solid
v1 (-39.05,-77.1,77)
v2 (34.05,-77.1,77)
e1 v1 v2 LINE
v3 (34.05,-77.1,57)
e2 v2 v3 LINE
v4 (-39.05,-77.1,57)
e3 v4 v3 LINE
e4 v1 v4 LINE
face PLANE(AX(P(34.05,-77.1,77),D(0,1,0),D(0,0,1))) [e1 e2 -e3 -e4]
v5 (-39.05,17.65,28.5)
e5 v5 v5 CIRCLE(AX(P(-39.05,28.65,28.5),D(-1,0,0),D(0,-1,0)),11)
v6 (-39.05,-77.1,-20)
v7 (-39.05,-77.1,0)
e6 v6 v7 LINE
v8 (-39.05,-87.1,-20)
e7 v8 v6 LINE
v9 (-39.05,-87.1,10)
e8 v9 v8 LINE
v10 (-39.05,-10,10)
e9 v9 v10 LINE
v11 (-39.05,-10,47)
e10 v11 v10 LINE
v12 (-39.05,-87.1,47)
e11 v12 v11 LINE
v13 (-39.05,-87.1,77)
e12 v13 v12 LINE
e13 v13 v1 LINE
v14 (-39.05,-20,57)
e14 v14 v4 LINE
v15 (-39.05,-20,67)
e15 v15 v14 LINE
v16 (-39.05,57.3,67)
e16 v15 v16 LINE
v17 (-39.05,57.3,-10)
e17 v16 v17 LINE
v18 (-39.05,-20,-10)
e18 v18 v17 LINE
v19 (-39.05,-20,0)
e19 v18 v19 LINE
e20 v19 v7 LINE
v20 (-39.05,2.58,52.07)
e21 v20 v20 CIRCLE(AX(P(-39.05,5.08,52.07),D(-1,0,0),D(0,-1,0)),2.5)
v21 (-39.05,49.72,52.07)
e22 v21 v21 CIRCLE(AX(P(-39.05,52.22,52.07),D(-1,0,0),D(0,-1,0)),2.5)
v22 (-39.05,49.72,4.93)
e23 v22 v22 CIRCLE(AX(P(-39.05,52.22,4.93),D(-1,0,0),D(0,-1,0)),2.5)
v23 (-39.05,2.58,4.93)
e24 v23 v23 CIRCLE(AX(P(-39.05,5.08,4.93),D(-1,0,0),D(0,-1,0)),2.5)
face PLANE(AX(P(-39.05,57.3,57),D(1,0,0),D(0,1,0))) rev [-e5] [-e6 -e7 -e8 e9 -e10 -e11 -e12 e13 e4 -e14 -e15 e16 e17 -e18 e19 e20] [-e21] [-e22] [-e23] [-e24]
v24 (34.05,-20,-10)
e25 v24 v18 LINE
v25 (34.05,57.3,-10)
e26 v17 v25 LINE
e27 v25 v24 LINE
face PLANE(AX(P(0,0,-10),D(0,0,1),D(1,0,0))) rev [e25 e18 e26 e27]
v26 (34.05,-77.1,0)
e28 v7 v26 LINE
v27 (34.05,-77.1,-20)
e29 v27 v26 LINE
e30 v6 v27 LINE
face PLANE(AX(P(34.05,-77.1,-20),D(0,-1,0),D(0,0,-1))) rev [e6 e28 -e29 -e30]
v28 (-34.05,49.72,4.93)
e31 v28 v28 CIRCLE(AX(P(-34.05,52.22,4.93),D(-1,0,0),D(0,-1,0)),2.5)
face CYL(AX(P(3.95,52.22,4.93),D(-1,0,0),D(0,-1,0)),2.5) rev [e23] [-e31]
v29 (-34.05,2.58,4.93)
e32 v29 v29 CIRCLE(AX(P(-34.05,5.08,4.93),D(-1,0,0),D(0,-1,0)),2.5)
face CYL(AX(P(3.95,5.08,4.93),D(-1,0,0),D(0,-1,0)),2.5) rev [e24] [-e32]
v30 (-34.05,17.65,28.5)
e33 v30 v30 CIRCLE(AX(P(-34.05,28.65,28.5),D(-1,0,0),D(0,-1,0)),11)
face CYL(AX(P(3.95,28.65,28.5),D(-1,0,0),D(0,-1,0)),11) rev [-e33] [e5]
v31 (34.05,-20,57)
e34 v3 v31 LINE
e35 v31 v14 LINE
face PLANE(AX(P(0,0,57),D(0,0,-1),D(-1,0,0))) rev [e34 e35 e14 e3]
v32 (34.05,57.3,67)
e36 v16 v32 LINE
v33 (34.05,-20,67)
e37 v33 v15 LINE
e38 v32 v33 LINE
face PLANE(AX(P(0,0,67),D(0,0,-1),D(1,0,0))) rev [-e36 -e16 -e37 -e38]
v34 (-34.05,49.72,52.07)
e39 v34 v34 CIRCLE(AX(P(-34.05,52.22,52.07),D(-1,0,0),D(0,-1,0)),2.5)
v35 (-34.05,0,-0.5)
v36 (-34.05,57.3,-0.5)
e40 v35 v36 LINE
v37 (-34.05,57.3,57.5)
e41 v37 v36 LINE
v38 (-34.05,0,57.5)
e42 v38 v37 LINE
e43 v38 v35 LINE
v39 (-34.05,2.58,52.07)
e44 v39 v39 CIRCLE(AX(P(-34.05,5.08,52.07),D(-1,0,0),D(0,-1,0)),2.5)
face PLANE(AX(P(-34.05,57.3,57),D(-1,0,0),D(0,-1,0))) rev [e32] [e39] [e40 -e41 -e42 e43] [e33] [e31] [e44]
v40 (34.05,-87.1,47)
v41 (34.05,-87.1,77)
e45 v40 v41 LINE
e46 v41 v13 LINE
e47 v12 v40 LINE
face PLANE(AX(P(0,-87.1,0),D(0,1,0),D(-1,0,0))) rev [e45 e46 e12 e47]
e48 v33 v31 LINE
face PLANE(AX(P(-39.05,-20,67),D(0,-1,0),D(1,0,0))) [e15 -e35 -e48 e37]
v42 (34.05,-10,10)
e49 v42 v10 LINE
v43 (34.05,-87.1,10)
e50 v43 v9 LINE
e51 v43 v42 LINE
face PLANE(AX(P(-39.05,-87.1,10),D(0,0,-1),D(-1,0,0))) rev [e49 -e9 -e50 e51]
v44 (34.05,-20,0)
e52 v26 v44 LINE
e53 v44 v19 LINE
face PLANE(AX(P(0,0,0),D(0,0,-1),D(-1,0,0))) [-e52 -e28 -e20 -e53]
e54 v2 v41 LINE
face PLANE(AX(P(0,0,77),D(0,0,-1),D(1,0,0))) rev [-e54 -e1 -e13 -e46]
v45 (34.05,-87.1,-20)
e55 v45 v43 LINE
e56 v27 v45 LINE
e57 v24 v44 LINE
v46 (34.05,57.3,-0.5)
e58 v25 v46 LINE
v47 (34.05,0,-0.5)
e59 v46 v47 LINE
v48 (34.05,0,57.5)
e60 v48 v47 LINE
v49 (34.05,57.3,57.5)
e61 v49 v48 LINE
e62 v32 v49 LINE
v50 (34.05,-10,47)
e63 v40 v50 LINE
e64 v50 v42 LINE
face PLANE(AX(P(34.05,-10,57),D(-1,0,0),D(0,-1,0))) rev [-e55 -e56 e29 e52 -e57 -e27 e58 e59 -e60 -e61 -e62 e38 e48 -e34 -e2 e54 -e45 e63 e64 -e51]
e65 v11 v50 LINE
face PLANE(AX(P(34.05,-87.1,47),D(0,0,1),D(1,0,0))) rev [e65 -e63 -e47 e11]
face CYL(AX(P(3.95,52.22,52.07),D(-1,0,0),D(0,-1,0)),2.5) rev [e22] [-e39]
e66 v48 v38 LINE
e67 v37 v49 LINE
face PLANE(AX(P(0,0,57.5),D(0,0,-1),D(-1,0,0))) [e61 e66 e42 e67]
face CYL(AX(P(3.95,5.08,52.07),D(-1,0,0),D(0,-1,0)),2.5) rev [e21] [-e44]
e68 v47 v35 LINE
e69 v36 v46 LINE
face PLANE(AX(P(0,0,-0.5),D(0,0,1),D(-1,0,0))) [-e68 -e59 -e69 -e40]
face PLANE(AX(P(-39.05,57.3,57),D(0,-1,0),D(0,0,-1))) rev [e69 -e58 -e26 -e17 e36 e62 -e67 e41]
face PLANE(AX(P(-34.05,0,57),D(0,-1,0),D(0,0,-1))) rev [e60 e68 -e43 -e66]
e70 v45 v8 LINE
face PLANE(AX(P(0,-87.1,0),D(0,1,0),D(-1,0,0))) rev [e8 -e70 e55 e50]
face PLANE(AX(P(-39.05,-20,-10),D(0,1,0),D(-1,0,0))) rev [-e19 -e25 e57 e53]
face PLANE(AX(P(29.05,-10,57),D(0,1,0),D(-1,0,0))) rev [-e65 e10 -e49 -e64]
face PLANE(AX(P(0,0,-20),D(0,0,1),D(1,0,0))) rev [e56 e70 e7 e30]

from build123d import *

# Parameters (mm, degrees)
BOSS_EXTRUDE1_DEPTH = 57
SKETCH4_R           = 11
SKETCH4_R_2         = 2.5
CUT_EXTRUDE3_DEPTH  = 43
SKETCH5_W           = 73.1
SKETCH5_H           = 10
BOSS_EXTRUDE2_DEPTH = 77.1
SKETCH6_W           = 73.1
SKETCH6_H           = 10
BOSS_EXTRUDE3_DEPTH = 20
SKETCH8_W           = 73.1
SKETCH8_H           = 77.3
BOSS_EXTRUDE4_DEPTH = 10
SKETCH9_W           = 68.1
SKETCH9_H           = 57.3
CUT_EXTRUDE4_DEPTH  = 0.5


with BuildPart() as part:
    # Sketch1 → Boss-Extrude1 (new body)
    with BuildSketch(Plane.XY):
        Polygon((-34.05, 0), (34.05, 0), (34.05, -10), (29.05, -10), (-34.05, -10), (-39.05, -10), (-39.05, 57.3), (-34.05, 57.3), align=None)
    extrude(amount=BOSS_EXTRUDE1_DEPTH)

    # Sketch4 → Cut-Extrude3 (cut)
    with BuildSketch(Plane.ZY.offset(39.05)):
        with Locations(Location((28.5, 28.65, 0), (0, 0, 270))):
            Circle(SKETCH4_R)
        with Locations(Location((52.07, 52.22, 0), (0, 0, 270))):
            Circle(SKETCH4_R_2)
        with Locations(Location((4.93, 52.22, 0), (0, 0, 270))):
            Circle(SKETCH4_R_2)
        with Locations(Location((52.07, 5.08, 0), (0, 0, 270))):
            Circle(SKETCH4_R_2)
        with Locations(Location((4.93, 5.08, 0), (0, 0, 270))):
            Circle(SKETCH4_R_2)
    extrude(amount=-CUT_EXTRUDE3_DEPTH, mode=Mode.SUBTRACT)

    # Sketch5 → Boss-Extrude2 (add)
    with BuildSketch(Plane.XZ.offset(10)):
        with Locations((-2.5, 5)):
            Rectangle(SKETCH5_W, SKETCH5_H)
        with Locations((-2.5, 52)):
            Rectangle(SKETCH5_W, SKETCH5_H)
    extrude(amount=BOSS_EXTRUDE2_DEPTH)

    # Sketch6 → Boss-Extrude3 (add)
    with BuildSketch(Plane(origin=(0, 0, 0), x_dir=(-1, 0, 0), z_dir=(0, 0, -1))):
        with Locations((2.5, -82.1)):
            Rectangle(SKETCH6_W, SKETCH6_H)
    boss_extrude3 = extrude(amount=BOSS_EXTRUDE3_DEPTH)

    # Sketch8 → Boss-Extrude4 (add)
    with BuildSketch(Plane(origin=(0, 0, 0), x_dir=(-1, 0, 0), z_dir=(0, 0, -1))):
        with Locations((2.5, 18.65)):
            Rectangle(SKETCH8_W, SKETCH8_H)
    boss_extrude4 = extrude(amount=BOSS_EXTRUDE4_DEPTH)

    # Mirror2: Boss-Extrude4 across plane
    add(boss_extrude4.mirror(Plane.XY.offset(28.5)))

    # Mirror3: Boss-Extrude3 across plane
    add(boss_extrude3.mirror(Plane.XY.offset(28.5)))

    # Sketch9 → Cut-Extrude4 (cut)
    with BuildSketch(Plane(origin=(0, 0, 57), x_dir=(-1, 0, 0), z_dir=(0, 0, -1))):
        with Locations((0, 28.65)):
            Rectangle(SKETCH9_W, SKETCH9_H)
    cut_extrude4 = extrude(amount=-CUT_EXTRUDE4_DEPTH, mode=Mode.SUBTRACT)

    # Mirror4: Cut-Extrude4 across plane
    add(cut_extrude4.mirror(Plane.XY.offset(28.5)), mode=Mode.SUBTRACT)


solid = part.part
